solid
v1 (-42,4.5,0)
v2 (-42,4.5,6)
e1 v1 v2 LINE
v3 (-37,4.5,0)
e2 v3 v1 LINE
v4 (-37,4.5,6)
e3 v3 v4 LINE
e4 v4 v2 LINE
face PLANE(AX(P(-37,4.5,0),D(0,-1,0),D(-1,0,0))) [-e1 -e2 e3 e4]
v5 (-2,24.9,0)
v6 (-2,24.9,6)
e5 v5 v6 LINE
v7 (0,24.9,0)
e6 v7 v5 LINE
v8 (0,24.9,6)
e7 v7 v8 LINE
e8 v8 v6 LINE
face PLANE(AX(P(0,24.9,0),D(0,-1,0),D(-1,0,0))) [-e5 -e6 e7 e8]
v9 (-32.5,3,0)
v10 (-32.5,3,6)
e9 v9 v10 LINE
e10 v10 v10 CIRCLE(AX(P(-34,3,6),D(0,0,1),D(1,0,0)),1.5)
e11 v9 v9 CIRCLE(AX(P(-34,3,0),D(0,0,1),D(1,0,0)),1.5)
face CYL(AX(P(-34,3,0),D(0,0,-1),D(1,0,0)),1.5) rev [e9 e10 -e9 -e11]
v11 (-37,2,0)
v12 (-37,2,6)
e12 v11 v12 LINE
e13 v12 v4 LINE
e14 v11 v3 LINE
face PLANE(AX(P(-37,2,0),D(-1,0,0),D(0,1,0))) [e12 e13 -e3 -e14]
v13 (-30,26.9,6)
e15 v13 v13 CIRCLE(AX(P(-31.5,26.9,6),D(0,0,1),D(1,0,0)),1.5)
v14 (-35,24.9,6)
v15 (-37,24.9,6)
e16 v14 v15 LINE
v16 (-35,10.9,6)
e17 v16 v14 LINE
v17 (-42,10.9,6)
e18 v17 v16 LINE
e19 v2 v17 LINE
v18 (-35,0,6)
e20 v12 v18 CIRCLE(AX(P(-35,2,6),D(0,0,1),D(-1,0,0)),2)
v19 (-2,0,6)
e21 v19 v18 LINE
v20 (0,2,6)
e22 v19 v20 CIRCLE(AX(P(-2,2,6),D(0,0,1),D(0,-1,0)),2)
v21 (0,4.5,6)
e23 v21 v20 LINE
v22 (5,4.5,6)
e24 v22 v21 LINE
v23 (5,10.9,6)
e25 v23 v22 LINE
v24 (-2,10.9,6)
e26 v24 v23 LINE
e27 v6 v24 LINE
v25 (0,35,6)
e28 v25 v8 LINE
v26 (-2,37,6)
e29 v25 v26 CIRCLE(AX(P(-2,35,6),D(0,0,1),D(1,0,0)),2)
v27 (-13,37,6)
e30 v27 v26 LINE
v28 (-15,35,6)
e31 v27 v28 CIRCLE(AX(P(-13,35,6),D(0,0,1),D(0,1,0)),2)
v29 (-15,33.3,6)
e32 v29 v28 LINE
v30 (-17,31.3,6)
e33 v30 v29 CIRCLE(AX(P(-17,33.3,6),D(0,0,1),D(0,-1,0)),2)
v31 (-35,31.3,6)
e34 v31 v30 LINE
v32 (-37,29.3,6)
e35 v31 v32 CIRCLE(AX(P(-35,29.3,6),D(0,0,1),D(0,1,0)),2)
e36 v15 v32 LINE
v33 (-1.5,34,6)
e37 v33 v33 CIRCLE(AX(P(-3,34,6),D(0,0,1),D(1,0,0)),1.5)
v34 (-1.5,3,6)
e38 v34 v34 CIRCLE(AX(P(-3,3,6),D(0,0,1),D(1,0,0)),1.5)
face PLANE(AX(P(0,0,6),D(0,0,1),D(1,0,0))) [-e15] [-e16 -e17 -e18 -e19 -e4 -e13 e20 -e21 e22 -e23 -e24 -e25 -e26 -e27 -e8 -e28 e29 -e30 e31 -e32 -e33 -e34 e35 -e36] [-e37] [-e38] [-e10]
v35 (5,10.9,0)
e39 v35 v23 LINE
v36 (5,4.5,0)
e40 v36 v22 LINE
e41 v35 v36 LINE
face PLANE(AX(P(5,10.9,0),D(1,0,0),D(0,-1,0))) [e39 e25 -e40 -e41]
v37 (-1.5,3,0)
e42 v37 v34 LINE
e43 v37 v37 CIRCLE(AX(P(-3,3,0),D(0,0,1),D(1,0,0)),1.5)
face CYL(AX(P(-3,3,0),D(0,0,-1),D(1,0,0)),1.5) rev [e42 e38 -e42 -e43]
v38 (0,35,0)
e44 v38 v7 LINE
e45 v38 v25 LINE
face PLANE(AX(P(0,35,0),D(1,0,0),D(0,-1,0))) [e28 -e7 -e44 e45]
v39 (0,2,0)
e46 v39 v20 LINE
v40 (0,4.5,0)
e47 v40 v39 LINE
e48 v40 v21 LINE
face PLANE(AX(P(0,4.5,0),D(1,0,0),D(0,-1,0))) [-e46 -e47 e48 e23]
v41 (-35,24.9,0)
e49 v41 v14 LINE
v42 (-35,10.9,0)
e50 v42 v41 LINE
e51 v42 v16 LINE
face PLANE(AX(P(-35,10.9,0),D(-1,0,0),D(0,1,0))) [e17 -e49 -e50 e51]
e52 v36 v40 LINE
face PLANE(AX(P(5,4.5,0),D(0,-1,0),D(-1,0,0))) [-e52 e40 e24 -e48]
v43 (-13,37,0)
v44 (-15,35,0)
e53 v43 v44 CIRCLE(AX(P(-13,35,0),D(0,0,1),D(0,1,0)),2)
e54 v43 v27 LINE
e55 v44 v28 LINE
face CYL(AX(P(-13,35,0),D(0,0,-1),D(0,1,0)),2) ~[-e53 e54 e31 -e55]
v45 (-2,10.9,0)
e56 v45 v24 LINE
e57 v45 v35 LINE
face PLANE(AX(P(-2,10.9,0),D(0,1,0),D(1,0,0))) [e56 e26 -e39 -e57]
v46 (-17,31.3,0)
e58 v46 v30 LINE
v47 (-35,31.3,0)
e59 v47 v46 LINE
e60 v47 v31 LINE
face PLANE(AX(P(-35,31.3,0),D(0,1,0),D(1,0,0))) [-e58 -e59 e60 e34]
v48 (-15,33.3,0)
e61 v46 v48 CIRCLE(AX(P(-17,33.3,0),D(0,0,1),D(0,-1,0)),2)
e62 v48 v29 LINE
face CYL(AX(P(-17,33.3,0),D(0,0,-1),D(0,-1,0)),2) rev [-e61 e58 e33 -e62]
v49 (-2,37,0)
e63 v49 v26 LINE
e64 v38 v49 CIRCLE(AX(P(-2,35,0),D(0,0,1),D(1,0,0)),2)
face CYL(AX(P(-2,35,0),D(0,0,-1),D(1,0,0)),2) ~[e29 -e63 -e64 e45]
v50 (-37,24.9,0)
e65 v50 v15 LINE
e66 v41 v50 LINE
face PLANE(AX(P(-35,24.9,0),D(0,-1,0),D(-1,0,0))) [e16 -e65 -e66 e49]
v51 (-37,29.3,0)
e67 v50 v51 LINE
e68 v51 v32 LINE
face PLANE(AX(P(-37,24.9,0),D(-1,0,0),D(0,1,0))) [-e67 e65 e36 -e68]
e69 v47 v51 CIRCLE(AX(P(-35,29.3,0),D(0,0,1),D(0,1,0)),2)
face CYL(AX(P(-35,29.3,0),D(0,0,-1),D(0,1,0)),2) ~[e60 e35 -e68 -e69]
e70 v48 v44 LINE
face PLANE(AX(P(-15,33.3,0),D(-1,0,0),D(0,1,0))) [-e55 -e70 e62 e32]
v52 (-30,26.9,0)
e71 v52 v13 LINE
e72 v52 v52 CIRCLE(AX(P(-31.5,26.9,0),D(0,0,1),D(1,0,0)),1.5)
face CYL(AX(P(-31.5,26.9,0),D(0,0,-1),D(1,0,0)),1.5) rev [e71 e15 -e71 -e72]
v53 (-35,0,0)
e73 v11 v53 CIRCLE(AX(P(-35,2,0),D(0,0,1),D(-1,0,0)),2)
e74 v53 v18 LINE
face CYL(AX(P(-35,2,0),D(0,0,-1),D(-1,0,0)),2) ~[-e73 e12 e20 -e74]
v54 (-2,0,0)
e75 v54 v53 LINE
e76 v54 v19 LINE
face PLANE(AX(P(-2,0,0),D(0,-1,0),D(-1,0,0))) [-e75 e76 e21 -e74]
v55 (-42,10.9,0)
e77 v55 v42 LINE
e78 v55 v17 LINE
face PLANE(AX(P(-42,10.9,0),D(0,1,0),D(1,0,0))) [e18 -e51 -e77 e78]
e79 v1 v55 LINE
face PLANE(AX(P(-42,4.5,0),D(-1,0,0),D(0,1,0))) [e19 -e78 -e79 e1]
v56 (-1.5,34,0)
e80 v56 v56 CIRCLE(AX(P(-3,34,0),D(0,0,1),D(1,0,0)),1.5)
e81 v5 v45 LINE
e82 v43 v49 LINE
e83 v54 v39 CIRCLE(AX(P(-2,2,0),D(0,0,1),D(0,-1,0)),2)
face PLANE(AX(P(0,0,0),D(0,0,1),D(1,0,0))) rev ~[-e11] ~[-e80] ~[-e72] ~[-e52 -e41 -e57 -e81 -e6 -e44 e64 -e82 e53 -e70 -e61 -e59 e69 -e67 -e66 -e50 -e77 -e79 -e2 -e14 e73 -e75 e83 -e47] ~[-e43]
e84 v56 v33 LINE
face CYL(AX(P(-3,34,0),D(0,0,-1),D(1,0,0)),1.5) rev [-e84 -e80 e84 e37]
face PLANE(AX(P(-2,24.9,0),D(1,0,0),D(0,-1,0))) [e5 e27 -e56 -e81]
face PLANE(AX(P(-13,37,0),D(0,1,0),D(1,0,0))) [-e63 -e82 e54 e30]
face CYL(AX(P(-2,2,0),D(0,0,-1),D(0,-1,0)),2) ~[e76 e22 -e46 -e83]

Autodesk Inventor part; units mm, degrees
ref_plane "YZ Plane" through (0, 0, 0) normal (1, 0, 0) x (0, 1, 0)
ref_plane "XZ Plane" through (0, 0, 0) normal (0, 1, 0) x (-1, 0, 0)
ref_plane "XY Plane" through (0, 0, 0) normal (0, 0, 1) x (1, 0, 0)
sketch "Sketch1" plane through (0, 0, 0) normal (0, 0, 1) x (1, 0, 0)
  arc A0 (-2, 0) -> (0, 2) centre (-2, 2) ccw
  line L0 (0, 4.5) -> (0, 2)
  line L1 (5, 4.5) -> (0, 4.5)
  line L2 (5, 10.9) -> (5, 4.5)
  line L3 (-2, 10.9) -> (5, 10.9)
  line L4 (-2, 24.9) -> (-2, 10.9)
  line L5 (0, 24.9) -> (-2, 24.9)
  line L6 (0, 35) -> (0, 24.9)
  arc A1 (0, 35) -> (-2, 37) centre (-2, 35) ccw
  line L7 (-13, 37) -> (-2, 37)
  arc A2 (-13, 37) -> (-15, 35) centre (-13, 35) ccw
  line L8 (-15, 33.3) -> (-15, 35)
  arc A3 (-17, 31.3) -> (-15, 33.3) centre (-17, 33.3) ccw
  line L9 (-35, 31.3) -> (-17, 31.3)
  arc A4 (-35, 31.3) -> (-37, 29.3) centre (-35, 29.3) ccw
  line L10 (-37, 24.9) -> (-37, 29.3)
  line L11 (-35, 24.9) -> (-37, 24.9)
  line L12 (-35, 10.9) -> (-35, 24.9)
  line L13 (-42, 10.9) -> (-35, 10.9)
  line L14 (-42, 4.5) -> (-42, 10.9)
  line L15 (-37, 4.5) -> (-42, 4.5)
  line L16 (-37, 2) -> (-37, 4.5)
  arc A5 (-37, 2) -> (-35, 0) centre (-35, 2) ccw
  line L17 (-2, 0) -> (-35, 0)
  circle A6 centre (-3, 34) radius 1.5
  circle A7 centre (-34, 3) radius 1.5
  circle A8 centre (-3, 3) radius 1.5
  circle A9 centre (-31.5, 26.9) radius 1.5
  point P0 (0, 0)
  point P1 (0, 0)
extrude "Extrusion1" add sketch "Sketch1" along normal blind 6
properties part number "XcrRightTop"
